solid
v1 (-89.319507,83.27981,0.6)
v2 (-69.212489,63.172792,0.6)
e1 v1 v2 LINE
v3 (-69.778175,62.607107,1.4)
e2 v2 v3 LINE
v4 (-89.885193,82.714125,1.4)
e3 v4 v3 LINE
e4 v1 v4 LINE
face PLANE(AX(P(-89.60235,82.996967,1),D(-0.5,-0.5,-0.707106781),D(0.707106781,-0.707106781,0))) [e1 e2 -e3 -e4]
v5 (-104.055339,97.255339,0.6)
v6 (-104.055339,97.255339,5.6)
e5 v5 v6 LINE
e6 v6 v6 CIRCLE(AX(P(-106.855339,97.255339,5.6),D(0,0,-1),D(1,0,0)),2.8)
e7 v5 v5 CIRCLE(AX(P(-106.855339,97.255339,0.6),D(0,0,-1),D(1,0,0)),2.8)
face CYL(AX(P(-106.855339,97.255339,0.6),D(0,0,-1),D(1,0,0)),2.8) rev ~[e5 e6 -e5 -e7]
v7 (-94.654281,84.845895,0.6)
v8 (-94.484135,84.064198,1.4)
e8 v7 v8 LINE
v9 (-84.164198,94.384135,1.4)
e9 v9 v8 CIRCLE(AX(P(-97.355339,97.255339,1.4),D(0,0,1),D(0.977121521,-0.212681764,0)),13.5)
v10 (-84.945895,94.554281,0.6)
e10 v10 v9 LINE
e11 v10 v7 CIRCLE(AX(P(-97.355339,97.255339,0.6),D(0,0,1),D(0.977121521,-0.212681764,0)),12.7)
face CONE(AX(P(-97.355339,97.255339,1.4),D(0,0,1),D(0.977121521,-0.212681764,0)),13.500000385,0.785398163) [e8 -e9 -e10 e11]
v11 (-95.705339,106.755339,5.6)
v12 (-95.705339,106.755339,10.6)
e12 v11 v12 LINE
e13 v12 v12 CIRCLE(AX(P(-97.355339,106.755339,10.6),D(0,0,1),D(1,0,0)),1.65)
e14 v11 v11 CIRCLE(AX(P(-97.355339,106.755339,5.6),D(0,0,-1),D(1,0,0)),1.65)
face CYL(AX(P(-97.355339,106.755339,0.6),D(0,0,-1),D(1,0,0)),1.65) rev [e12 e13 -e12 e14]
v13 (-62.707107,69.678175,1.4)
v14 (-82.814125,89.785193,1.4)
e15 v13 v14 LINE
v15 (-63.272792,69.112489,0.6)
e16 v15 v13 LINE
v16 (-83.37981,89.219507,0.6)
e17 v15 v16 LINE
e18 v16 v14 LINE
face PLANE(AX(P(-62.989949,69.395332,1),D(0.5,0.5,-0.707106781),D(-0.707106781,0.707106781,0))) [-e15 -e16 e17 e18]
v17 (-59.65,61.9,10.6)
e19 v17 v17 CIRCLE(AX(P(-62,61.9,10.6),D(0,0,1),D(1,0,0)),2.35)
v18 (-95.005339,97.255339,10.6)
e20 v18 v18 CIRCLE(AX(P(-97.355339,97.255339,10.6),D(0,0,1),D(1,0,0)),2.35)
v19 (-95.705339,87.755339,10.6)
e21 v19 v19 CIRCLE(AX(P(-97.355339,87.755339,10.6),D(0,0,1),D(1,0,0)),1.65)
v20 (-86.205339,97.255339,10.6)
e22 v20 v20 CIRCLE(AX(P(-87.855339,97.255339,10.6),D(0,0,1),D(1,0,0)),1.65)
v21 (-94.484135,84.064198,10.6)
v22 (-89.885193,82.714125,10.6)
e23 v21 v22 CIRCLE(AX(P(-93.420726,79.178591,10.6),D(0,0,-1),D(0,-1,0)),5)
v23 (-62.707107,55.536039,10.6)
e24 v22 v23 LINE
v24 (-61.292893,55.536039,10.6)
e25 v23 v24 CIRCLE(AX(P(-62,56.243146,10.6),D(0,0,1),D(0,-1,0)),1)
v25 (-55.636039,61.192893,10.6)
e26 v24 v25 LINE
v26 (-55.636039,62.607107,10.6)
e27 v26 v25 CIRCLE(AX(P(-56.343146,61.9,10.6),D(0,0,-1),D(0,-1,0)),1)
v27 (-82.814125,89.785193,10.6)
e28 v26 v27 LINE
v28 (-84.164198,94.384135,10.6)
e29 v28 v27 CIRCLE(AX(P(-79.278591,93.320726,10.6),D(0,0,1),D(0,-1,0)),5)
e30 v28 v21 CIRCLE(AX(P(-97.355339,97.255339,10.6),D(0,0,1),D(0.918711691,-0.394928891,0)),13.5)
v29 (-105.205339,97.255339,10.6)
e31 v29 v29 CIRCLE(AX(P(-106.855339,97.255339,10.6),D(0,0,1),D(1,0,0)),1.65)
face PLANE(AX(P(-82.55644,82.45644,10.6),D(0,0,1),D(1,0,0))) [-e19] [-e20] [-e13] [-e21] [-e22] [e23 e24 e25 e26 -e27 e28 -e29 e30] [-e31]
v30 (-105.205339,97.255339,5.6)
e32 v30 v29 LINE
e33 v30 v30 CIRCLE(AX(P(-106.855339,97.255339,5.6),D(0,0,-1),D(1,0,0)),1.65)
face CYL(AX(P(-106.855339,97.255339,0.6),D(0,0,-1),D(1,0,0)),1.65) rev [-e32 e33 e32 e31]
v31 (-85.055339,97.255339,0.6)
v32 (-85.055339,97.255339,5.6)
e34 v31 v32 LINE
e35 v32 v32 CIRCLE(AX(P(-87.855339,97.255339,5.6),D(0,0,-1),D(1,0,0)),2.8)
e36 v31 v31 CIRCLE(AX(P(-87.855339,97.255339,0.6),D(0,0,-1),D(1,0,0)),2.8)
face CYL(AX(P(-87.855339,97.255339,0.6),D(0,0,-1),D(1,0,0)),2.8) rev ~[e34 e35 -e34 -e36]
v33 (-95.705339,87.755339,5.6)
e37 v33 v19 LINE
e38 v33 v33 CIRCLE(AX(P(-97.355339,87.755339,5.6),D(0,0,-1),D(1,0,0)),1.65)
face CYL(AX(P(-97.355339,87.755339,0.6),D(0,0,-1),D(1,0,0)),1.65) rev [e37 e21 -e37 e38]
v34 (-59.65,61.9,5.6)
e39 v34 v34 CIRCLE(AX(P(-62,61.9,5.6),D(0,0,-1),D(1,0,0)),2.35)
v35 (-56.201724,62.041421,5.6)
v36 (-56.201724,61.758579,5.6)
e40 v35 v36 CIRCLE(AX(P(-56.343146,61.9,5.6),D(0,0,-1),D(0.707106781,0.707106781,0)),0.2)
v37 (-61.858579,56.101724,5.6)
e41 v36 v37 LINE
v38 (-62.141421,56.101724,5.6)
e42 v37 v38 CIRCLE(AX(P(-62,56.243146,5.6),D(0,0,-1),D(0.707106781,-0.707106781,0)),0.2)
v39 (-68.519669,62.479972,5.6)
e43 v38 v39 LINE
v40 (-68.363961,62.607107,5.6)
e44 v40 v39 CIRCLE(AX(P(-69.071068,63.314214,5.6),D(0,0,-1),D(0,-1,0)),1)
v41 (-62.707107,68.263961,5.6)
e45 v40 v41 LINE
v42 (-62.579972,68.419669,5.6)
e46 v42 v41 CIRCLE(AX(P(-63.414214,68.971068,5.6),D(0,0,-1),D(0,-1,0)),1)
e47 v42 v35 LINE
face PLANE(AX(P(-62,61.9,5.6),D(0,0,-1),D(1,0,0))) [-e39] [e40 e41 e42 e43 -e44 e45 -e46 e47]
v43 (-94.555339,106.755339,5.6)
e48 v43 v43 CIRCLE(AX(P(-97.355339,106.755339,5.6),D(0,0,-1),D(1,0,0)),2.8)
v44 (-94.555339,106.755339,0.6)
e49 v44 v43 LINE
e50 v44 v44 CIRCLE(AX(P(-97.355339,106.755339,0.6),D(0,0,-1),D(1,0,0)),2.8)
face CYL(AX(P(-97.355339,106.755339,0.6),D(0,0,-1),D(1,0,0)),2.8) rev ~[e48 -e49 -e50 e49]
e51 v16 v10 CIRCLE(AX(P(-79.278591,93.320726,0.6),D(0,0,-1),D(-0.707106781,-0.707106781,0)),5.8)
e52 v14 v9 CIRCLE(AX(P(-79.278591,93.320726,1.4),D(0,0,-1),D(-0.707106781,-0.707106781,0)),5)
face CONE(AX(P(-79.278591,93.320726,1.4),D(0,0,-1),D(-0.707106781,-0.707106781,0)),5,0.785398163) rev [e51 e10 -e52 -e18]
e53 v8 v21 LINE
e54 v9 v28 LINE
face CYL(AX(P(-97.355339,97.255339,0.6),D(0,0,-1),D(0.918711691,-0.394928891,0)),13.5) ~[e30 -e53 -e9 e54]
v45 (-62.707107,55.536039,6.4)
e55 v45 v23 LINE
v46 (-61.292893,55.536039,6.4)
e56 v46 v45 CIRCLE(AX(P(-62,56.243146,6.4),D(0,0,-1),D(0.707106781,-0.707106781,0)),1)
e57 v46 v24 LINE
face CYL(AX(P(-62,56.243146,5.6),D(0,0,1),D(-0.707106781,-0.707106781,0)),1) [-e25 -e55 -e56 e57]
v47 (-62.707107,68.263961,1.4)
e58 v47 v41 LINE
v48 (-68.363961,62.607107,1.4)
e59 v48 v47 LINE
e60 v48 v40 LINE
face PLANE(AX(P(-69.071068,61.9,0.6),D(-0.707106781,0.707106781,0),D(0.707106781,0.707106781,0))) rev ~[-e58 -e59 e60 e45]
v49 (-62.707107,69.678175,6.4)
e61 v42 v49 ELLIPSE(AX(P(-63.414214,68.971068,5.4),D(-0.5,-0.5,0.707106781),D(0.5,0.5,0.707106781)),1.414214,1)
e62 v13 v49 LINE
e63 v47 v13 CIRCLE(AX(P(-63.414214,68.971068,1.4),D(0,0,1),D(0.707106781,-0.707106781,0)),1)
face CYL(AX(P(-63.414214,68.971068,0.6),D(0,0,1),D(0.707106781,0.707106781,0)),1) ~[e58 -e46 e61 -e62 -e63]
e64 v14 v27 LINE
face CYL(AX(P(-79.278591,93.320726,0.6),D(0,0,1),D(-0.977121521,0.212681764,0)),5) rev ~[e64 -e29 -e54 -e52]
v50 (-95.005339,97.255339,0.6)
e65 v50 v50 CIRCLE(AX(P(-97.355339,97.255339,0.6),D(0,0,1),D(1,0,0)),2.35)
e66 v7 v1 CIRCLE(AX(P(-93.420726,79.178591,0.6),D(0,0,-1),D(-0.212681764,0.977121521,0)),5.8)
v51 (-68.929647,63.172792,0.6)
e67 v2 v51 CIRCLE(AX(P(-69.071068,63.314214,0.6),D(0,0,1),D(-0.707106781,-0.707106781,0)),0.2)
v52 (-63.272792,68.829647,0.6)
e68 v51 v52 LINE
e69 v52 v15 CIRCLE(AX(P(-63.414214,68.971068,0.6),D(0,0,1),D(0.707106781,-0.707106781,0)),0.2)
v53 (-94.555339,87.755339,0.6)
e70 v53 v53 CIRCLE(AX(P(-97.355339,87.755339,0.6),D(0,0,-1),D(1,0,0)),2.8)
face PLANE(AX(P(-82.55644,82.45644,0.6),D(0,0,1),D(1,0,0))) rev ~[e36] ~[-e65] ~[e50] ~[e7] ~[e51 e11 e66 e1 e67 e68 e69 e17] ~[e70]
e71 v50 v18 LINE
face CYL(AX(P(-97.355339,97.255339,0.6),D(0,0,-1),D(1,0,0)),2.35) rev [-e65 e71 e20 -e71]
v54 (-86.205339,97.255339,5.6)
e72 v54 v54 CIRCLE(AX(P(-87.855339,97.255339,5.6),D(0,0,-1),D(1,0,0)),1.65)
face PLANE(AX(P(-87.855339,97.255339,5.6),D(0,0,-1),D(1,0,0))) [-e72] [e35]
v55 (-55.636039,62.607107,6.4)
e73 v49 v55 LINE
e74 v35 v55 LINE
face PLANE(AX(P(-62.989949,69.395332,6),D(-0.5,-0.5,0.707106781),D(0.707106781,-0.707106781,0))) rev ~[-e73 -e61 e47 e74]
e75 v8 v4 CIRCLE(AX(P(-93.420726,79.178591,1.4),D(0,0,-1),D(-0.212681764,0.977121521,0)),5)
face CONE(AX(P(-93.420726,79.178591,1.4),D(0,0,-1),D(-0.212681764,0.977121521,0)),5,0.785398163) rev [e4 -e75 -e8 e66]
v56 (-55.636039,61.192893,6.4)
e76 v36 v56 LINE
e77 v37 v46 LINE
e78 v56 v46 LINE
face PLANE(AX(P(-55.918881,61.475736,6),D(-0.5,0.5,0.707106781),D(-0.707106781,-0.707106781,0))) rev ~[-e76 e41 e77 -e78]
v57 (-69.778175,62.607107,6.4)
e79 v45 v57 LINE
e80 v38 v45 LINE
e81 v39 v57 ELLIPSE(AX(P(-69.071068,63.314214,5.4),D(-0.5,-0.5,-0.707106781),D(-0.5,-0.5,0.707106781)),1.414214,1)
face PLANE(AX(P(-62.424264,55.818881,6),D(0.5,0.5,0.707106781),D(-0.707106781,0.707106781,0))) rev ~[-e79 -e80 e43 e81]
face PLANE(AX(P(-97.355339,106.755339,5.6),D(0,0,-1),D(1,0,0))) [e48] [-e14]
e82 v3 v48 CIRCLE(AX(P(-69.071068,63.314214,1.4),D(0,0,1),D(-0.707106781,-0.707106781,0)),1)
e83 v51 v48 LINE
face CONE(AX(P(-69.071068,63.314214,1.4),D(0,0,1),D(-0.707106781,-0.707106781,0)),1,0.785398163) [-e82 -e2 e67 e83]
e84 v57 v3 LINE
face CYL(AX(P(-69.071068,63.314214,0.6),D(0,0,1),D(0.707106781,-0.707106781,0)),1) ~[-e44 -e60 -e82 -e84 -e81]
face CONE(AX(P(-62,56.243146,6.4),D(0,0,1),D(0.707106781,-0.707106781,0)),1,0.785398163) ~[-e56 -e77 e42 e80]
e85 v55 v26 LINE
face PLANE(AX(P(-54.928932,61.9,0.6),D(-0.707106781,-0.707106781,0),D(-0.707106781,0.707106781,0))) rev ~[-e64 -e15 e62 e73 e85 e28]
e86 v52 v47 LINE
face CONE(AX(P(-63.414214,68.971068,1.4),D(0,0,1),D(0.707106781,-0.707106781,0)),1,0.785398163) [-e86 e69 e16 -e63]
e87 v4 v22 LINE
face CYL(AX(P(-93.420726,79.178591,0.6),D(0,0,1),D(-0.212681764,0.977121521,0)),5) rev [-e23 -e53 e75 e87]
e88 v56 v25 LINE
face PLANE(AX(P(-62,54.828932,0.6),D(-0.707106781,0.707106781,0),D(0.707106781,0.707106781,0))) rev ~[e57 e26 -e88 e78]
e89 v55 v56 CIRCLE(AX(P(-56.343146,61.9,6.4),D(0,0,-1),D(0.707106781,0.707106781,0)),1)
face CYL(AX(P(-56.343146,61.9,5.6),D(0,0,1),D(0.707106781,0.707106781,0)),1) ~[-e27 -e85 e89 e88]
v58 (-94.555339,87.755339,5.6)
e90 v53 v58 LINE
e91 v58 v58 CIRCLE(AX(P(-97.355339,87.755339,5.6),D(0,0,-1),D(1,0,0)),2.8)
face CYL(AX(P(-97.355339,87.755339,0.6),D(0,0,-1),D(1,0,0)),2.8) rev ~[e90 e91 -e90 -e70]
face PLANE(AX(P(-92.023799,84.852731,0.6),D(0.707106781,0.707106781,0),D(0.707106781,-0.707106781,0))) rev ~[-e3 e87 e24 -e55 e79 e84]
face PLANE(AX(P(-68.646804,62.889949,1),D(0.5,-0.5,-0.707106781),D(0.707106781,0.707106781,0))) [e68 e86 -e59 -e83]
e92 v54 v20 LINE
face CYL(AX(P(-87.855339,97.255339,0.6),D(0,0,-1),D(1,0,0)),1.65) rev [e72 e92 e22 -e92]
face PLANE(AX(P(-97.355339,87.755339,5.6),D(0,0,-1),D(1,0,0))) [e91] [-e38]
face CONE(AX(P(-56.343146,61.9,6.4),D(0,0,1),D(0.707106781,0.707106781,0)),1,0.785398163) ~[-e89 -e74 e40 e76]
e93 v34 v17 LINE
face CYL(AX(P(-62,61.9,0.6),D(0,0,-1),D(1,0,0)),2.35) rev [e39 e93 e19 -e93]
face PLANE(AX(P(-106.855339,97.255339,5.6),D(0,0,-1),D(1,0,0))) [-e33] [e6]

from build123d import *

# Parameters (mm, degrees)
SKETCH002_R     = 2.35
SKETCH002_R_2   = 1.65
PAD001_DEPTH    = 10
POCKET001_DEPTH = 5
SKETCH004_R     = 2.8
POCKET002_DEPTH = 5
FILLET004_R     = 5
FILLET005_R     = 1
CHAMFER009_SIZE = 0.8


with BuildPart() as part:
    # Sketch002 → Pad001 (new body)
    with BuildSketch(Plane.XY):
        with BuildLine():
            Line((0, 7.071068), (-22.952731, 30.023799))
            ThreePointArc((-22.952731, 30.023799), (-44.901281, 44.901281), (-30.023799, 22.952731))
            Line((-7.071068, 0), (-30.023799, 22.952731))
            Line((-7.071068, 0), (0, -7.071068))
            Line((0, -7.071068), (7.071068, 0))
            Line((7.071068, 0), (0, 7.071068))
        make_face()
        Circle(SKETCH002_R, mode=Mode.SUBTRACT)
        with Locations((-44.855339, 35.355339)):
            Circle(SKETCH002_R_2, mode=Mode.SUBTRACT)
        with Locations((-25.855339, 35.355339)):
            Circle(SKETCH002_R_2, mode=Mode.SUBTRACT)
        with Locations((-35.355339, 25.855339)):
            Circle(SKETCH002_R_2, mode=Mode.SUBTRACT)
        with Locations((-35.355339, 44.855339)):
            Circle(SKETCH002_R_2, mode=Mode.SUBTRACT)
        with Locations((-35.355339, 35.355339)):
            Circle(SKETCH002_R, mode=Mode.SUBTRACT)
    extrude(amount=PAD001_DEPTH)

    # Sketch003 (on Face13 of Pad001) → Pocket001 (cut)
    with BuildSketch(Plane(origin=(0, 0, 0), x_dir=(1, 0, 0), z_dir=(0, 0, -1))):
        Polygon((0, 7.071068), (-7.071068, 0), (0, -7.071068), (7.071068, 0), align=None)
    extrude(amount=-POCKET001_DEPTH, mode=Mode.SUBTRACT)

    # Sketch004 (on Face13 of Pad001) → Pocket002 (cut)
    with BuildSketch(Plane(origin=(0, 0, 0), x_dir=(1, 0, 0), z_dir=(0, 0, -1))):
        with Locations((-44.855339, -35.355339)):
            Circle(SKETCH004_R)
        with Locations((-35.355339, -25.855339)):
            Circle(SKETCH004_R)
        with Locations((-25.855339, -35.355339)):
            Circle(SKETCH004_R)
        with Locations((-35.355339, -44.855339)):
            Circle(SKETCH004_R)
    extrude(amount=-POCKET002_DEPTH, mode=Mode.SUBTRACT)

    # Fillet004
    fillet004_edges = [part.edges().sort_by_distance(p)[0] for p in [
        (-22.952731, 30.023799, 5),
        (-30.023799, 22.952731, 5),
    ]]
    fillet(fillet004_edges, radius=FILLET004_R)

    # Fillet005
    fillet005_edges = [part.edges().sort_by_distance(p)[0] for p in [
        (7.071068, 0, 7.5),
        (0, -7.071068, 7.5),
        (0, 7.071068, 2.5),
        (-7.071068, 0, 2.5),
    ]]
    fillet(fillet005_edges, radius=FILLET005_R)

    # Chamfer009
    chamfer009_edges = [part.edges().sort_by_distance(p)[0] for p in [
        (-3.535534, 3.535534, 0),
        (3.535534, -3.535534, 5),
    ]]
    chamfer(chamfer009_edges, length=CHAMFER009_SIZE)


with BuildPart() as part_1:
    # Body001 placement: moved
    add(part.part.moved(Location((-62, 61.9, 0.6))))


solid = part_1.part
